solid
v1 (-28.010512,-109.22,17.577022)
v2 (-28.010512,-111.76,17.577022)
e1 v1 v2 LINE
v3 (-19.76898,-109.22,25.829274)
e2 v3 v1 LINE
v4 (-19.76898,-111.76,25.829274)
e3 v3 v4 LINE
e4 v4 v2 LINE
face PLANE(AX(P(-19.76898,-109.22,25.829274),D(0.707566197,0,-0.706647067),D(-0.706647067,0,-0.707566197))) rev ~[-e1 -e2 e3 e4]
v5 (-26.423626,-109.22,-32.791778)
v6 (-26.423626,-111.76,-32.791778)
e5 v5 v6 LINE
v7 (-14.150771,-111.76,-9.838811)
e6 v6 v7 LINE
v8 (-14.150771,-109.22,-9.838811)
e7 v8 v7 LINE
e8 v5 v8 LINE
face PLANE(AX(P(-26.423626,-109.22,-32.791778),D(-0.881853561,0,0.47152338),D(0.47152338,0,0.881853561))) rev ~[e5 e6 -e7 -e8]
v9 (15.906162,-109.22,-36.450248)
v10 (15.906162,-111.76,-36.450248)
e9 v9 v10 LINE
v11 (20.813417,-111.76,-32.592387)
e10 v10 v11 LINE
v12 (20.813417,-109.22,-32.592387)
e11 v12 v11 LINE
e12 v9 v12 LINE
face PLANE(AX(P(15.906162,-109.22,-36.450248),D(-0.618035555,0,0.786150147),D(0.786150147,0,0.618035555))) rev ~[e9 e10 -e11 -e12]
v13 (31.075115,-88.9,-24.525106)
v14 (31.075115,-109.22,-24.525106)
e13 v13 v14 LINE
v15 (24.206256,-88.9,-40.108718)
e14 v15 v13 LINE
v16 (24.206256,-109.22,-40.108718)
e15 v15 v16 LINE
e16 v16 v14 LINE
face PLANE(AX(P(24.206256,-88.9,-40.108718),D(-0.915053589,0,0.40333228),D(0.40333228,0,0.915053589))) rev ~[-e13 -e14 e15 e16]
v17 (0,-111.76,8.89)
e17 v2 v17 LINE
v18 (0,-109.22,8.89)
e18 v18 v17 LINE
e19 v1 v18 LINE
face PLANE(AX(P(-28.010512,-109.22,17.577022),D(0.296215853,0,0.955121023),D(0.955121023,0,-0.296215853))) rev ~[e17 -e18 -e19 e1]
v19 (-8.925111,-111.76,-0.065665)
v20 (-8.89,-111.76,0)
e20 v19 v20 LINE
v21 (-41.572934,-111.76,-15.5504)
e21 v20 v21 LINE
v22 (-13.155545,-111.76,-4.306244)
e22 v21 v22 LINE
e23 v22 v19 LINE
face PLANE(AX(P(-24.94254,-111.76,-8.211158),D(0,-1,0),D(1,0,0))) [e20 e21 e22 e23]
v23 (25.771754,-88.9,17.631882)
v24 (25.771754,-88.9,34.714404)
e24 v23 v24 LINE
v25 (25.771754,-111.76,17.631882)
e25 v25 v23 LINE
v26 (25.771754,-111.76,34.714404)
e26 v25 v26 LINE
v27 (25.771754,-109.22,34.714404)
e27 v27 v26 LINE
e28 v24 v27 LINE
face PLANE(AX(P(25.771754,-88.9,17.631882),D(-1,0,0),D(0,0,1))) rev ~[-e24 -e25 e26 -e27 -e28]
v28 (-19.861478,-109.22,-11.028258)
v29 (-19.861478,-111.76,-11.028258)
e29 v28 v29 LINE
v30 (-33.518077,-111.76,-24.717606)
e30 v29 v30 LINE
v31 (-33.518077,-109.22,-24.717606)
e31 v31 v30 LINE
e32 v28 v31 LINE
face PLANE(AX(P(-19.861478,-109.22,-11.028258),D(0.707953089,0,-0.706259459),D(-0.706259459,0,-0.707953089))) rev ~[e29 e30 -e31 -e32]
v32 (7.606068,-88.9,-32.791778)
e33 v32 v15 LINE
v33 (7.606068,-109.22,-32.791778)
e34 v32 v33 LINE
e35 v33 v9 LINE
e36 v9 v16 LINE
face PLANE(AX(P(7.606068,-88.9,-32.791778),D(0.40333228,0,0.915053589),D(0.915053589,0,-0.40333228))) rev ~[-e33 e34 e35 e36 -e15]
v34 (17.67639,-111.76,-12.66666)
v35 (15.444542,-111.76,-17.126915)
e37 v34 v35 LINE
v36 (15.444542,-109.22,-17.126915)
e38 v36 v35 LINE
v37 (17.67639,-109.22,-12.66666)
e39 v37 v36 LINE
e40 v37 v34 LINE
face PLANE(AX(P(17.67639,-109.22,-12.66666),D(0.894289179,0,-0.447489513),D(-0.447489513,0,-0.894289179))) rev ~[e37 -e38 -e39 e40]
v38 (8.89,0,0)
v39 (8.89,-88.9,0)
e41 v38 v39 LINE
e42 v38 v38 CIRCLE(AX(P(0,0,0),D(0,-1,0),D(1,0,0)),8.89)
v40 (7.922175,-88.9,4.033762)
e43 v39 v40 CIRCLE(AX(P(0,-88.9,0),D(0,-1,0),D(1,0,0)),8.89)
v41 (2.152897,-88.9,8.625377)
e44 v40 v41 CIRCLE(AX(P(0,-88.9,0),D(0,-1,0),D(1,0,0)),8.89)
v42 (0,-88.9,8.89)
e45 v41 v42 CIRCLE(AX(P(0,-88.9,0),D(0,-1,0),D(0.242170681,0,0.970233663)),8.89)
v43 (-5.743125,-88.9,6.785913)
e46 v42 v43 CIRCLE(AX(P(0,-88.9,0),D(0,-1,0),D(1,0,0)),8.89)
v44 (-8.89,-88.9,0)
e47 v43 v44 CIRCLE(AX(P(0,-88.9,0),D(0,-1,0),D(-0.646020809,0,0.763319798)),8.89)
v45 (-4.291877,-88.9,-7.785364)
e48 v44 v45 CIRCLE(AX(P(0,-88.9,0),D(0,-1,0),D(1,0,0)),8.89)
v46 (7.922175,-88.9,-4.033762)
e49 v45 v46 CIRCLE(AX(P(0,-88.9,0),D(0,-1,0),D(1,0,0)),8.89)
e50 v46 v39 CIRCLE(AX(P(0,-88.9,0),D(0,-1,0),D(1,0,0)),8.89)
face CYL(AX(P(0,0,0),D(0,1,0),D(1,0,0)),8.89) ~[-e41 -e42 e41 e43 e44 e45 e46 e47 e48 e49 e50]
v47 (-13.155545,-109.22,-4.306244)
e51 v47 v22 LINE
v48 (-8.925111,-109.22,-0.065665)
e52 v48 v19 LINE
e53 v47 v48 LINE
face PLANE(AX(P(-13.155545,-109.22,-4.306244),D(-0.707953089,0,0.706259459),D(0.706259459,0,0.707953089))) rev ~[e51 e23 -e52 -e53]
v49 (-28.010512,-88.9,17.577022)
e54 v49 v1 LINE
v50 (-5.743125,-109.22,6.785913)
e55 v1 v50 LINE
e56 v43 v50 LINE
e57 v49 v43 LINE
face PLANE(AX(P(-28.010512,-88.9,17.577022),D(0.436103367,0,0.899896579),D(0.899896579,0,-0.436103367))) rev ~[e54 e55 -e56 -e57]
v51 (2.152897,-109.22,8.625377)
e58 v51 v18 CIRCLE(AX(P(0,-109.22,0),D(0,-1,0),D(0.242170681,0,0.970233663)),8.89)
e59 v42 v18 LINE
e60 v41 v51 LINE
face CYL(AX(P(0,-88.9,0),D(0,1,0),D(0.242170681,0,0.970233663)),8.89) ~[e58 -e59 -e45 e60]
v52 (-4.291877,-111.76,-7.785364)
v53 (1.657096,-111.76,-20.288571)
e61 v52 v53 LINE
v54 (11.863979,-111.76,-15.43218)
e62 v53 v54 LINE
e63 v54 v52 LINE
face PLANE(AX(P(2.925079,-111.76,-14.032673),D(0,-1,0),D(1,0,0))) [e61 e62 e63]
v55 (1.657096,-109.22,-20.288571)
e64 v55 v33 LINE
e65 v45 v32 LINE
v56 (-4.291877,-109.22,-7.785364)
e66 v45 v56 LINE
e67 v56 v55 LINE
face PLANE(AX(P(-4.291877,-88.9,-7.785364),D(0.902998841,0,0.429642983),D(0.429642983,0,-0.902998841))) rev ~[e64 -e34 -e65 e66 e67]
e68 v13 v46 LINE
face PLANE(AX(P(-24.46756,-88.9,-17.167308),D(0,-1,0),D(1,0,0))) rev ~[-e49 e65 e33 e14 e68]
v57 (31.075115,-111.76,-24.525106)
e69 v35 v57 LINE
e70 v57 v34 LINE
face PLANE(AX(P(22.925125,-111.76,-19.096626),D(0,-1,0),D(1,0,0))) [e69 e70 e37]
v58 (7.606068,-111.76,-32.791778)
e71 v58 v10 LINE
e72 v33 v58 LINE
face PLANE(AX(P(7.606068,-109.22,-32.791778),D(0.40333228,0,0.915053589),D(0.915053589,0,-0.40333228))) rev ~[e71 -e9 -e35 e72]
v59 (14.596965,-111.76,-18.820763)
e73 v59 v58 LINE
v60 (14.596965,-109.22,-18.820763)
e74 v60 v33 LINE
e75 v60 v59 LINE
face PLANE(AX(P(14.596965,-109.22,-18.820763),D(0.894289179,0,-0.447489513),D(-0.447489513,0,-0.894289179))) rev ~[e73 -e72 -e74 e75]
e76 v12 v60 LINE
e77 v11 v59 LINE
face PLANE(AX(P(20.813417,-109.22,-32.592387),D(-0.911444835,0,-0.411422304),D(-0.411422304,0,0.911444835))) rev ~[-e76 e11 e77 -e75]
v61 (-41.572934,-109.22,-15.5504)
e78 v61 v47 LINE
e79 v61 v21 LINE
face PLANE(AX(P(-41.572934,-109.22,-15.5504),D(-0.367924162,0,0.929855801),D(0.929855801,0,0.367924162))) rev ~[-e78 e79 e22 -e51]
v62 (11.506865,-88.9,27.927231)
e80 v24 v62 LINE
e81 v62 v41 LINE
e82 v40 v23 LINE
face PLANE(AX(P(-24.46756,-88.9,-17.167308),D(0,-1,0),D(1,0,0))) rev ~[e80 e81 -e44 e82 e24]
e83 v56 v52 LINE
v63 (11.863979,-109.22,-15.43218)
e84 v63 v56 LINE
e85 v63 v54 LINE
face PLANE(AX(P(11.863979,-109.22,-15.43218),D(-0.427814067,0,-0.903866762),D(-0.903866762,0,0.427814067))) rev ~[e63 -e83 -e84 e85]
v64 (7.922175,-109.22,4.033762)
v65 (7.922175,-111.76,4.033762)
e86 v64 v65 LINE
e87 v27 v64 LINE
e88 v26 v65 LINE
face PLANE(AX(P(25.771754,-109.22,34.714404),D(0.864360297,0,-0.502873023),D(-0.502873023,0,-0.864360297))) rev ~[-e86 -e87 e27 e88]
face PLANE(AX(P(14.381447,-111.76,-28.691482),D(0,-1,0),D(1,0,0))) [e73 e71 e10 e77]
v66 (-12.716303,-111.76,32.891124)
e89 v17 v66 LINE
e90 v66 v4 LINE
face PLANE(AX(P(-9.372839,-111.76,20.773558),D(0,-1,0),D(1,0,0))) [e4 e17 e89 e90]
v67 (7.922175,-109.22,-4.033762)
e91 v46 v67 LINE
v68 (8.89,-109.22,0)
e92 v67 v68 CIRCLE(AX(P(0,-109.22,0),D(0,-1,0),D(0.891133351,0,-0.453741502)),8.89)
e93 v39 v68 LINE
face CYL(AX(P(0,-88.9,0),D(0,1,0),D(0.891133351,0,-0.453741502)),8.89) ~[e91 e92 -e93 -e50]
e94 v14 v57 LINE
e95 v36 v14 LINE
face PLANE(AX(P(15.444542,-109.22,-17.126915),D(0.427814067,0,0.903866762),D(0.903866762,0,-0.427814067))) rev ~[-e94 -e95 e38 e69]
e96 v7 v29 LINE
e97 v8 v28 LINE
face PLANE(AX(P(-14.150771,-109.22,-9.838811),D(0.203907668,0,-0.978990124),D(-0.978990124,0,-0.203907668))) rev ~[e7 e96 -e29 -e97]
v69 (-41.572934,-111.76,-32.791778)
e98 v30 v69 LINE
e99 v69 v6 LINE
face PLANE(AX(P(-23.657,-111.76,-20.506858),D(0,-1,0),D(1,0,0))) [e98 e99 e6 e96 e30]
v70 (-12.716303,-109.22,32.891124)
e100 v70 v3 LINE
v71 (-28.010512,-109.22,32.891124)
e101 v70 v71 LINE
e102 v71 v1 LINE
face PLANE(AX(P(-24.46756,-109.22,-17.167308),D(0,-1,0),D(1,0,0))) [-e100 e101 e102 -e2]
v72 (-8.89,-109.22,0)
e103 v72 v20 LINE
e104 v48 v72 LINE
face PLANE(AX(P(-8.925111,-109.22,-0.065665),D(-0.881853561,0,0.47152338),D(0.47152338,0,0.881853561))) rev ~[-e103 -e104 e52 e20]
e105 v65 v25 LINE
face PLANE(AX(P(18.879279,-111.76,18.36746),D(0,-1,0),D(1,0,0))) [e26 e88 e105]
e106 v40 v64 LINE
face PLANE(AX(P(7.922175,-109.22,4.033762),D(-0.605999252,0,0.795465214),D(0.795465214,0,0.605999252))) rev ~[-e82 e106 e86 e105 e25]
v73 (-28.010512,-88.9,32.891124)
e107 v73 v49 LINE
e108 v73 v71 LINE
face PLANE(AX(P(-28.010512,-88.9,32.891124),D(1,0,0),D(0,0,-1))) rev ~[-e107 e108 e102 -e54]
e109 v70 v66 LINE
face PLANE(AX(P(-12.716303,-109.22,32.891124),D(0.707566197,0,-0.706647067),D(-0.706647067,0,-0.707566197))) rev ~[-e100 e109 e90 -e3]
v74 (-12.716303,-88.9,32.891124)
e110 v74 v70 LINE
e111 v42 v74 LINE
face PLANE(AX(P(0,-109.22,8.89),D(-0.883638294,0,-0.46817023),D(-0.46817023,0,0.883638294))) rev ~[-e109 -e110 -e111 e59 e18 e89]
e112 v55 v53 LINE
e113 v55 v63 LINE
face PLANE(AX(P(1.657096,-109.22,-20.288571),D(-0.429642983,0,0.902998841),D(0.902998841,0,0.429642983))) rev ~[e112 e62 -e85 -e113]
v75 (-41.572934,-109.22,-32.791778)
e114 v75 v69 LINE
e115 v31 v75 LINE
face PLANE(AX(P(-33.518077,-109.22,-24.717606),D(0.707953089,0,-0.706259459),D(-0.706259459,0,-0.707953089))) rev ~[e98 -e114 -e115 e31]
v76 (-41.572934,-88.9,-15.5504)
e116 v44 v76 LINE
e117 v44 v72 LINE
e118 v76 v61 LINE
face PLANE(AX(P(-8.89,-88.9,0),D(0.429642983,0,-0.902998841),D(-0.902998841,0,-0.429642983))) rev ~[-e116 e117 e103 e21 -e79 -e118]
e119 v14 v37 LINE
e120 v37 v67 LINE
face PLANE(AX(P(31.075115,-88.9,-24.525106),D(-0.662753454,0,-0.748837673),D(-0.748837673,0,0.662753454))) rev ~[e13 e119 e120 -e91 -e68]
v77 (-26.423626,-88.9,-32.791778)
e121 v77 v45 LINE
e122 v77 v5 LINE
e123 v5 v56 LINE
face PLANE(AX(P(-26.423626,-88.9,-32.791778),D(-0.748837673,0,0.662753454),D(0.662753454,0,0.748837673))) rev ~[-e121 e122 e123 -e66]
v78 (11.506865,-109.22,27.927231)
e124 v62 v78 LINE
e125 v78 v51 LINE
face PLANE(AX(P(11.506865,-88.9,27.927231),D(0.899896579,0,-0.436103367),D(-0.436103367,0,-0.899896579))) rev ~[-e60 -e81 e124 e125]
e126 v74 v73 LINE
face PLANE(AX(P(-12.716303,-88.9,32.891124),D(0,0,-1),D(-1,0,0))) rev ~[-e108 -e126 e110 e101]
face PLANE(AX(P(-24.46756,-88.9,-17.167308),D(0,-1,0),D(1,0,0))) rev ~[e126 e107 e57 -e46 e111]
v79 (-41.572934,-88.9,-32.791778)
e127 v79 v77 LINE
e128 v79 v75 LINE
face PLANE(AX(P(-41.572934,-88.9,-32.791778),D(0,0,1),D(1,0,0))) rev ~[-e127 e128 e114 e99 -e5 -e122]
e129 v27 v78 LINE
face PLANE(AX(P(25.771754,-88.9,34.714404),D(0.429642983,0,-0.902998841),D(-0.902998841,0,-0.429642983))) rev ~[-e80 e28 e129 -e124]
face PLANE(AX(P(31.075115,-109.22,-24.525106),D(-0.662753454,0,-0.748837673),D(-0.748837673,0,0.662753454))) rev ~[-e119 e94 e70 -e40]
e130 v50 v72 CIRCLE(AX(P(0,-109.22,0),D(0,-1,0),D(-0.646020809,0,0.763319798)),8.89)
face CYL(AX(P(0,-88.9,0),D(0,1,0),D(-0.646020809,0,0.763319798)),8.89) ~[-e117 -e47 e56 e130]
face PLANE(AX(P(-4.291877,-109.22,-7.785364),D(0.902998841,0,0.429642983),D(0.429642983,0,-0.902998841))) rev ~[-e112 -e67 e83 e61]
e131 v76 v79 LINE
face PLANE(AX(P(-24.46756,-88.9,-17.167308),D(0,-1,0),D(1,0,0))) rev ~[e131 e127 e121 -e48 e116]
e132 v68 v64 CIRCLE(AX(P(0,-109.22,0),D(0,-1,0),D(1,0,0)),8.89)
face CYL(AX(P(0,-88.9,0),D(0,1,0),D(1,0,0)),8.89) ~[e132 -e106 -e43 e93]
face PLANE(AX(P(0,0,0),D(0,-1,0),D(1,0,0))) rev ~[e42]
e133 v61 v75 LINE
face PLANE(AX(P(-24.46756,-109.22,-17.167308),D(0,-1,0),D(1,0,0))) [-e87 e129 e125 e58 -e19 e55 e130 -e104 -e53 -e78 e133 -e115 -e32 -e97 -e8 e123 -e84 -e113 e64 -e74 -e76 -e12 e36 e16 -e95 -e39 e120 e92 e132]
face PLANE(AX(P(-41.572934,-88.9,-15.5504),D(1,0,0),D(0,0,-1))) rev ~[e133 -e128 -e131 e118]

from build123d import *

# Parameters (mm, degrees)
F0_R     = 8.89
F1_DEPTH = 88.9
F4_DEPTH = 20.32
F6_DEPTH = 2.54


with BuildPart() as f1:
    # F0 (on Front) → F1 (new body)
    with BuildSketch(Plane.XZ):
        Circle(F0_R)
    extrude(amount=F1_DEPTH)

    # F2 (on face) → F4 (join)
    with BuildSketch(Plane.XZ.offset(88.9)):
        with BuildLine():
            ThreePointArc((-4.2918766229, -7.7853641568), (-7.6546353008, -4.5209134488), (-8.89, 0))
            Line((-8.89, 0), (-41.5729338972, -15.5504000302))
            Line((-41.5729338972, -15.5504000302), (-41.5729338972, -32.7917784452))
            Line((-41.5729338972, -32.7917784452), (-26.423625648, -32.7917784452))
            Line((-26.423625648, -32.7917784452), (-4.2918766229, -7.7853641568))
        make_face()
        with BuildLine():
            ThreePointArc((7.9221754919, -4.0337619507), (2.6102485031, -8.498158786), (-4.2918766229, -7.7853641568))
            Line((-4.2918766229, -7.7853641568), (7.6060682412, -32.7917784452))
            Line((7.6060682412, -32.7917784452), (24.2062564939, -40.108717978))
            Line((24.2062564939, -40.108717978), (31.0751149996, -24.5251063101))
            Line((31.0751149996, -24.5251063101), (7.9221754919, -4.0337619507))
        make_face()
        with BuildLine():
            Line((11.5068648519, 27.9272308745), (2.152897354, 8.6253772661))
            ThreePointArc((2.152897354, 8.6253772661), (5.536018968, 6.9559035348), (7.9221754919, 4.0337619507))
            Line((7.9221754919, 4.0337619507), (25.771754428, 17.6318820209))
            Line((25.771754428, 17.6318820209), (25.771754428, 34.7144042658))
            Line((25.771754428, 34.7144042658), (11.5068648519, 27.9272308745))
        make_face()
        with BuildLine():
            Line((-28.0105117708, 17.5770223141), (-5.7431249942, 6.7859130042))
            ThreePointArc((-5.7431249942, 6.7859130042), (-3.0582129907, 8.3474207576), (0, 8.89))
            Line((0, 8.89), (-12.7163026482, 32.8911244869))
            Line((-12.7163026482, 32.8911244869), (-28.0105117708, 32.8911244869))
            Line((-28.0105117708, 32.8911244869), (-28.0105117708, 17.5770223141))
        make_face()
        with BuildLine():
            ThreePointArc((-5.7431249942, 6.7859130042), (-8.0650009671, 3.7400346791), (-8.89, 0))
            ThreePointArc((-8.89, 0), (-7.6546353008, -4.5209134488), (-4.2918766229, -7.7853641568))
            ThreePointArc((-4.2918766229, -7.7853641568), (2.6102485031, -8.498158786), (7.9221754919, -4.0337619507))
            ThreePointArc((7.9221754919, -4.0337619507), (8.6446584699, -2.0741214859), (8.89, 0))
            ThreePointArc((8.89, 0), (8.6446584699, 2.0741214859), (7.9221754919, 4.0337619507))
            ThreePointArc((7.9221754919, 4.0337619507), (5.536018968, 6.9559035348), (2.152897354, 8.6253772661))
            ThreePointArc((2.152897354, 8.6253772661), (1.0845497001, 8.823596316), (0, 8.89))
            ThreePointArc((0, 8.89), (-3.0582129907, 8.3474207576), (-5.7431249942, 6.7859130042))
        make_face()
    extrude(amount=F4_DEPTH)

    # F5 (on face) → F6 (join)
    with BuildSketch(Plane.XZ.offset(109.22)):
        Polygon((7.6060682412, -32.7917784452), (15.9061623676, -36.4502482116), (20.813416993, -32.5923874103), (14.5969645539, -18.8207629411), align=None)
        Polygon((-4.2918766229, -7.7853641568), (1.6570958091, -20.288571301), (11.8639794051, -15.4321797825), align=None)
        Polygon((15.4445417704, -17.1269151278), (31.0751149996, -24.5251063101), (17.6763897155, -12.6666598402), align=None)
        Polygon((-26.423625648, -32.7917784452), (-14.1507707051, -9.8388109155), (-19.8614782116, -11.028258101), (-33.5180773118, -24.7176060956), align=None)
        Polygon((-19.7689795686, 25.8292742085), (0, 8.89), (-12.7163026482, 32.8911244869), align=None)
        Polygon((25.771754428, 34.7144042658), (7.9221754919, 4.0337619507), (25.771754428, 17.6318820209), align=None)
        Polygon((-41.5729338972, -32.7917784452), (-26.423625648, -32.7917784452), (-33.5180773118, -24.7176060956), align=None)
        Polygon((-28.0105117708, 17.5770223141), (0, 8.89), (-19.7689795686, 25.8292742085), align=None)
        Polygon((-41.5729338972, -15.5504000302), (-13.1555447136, -4.306243593), (-8.9251107789, -0.0656649632), (-8.89, 0), align=None)
    extrude(amount=F6_DEPTH)


solid = f1.part
